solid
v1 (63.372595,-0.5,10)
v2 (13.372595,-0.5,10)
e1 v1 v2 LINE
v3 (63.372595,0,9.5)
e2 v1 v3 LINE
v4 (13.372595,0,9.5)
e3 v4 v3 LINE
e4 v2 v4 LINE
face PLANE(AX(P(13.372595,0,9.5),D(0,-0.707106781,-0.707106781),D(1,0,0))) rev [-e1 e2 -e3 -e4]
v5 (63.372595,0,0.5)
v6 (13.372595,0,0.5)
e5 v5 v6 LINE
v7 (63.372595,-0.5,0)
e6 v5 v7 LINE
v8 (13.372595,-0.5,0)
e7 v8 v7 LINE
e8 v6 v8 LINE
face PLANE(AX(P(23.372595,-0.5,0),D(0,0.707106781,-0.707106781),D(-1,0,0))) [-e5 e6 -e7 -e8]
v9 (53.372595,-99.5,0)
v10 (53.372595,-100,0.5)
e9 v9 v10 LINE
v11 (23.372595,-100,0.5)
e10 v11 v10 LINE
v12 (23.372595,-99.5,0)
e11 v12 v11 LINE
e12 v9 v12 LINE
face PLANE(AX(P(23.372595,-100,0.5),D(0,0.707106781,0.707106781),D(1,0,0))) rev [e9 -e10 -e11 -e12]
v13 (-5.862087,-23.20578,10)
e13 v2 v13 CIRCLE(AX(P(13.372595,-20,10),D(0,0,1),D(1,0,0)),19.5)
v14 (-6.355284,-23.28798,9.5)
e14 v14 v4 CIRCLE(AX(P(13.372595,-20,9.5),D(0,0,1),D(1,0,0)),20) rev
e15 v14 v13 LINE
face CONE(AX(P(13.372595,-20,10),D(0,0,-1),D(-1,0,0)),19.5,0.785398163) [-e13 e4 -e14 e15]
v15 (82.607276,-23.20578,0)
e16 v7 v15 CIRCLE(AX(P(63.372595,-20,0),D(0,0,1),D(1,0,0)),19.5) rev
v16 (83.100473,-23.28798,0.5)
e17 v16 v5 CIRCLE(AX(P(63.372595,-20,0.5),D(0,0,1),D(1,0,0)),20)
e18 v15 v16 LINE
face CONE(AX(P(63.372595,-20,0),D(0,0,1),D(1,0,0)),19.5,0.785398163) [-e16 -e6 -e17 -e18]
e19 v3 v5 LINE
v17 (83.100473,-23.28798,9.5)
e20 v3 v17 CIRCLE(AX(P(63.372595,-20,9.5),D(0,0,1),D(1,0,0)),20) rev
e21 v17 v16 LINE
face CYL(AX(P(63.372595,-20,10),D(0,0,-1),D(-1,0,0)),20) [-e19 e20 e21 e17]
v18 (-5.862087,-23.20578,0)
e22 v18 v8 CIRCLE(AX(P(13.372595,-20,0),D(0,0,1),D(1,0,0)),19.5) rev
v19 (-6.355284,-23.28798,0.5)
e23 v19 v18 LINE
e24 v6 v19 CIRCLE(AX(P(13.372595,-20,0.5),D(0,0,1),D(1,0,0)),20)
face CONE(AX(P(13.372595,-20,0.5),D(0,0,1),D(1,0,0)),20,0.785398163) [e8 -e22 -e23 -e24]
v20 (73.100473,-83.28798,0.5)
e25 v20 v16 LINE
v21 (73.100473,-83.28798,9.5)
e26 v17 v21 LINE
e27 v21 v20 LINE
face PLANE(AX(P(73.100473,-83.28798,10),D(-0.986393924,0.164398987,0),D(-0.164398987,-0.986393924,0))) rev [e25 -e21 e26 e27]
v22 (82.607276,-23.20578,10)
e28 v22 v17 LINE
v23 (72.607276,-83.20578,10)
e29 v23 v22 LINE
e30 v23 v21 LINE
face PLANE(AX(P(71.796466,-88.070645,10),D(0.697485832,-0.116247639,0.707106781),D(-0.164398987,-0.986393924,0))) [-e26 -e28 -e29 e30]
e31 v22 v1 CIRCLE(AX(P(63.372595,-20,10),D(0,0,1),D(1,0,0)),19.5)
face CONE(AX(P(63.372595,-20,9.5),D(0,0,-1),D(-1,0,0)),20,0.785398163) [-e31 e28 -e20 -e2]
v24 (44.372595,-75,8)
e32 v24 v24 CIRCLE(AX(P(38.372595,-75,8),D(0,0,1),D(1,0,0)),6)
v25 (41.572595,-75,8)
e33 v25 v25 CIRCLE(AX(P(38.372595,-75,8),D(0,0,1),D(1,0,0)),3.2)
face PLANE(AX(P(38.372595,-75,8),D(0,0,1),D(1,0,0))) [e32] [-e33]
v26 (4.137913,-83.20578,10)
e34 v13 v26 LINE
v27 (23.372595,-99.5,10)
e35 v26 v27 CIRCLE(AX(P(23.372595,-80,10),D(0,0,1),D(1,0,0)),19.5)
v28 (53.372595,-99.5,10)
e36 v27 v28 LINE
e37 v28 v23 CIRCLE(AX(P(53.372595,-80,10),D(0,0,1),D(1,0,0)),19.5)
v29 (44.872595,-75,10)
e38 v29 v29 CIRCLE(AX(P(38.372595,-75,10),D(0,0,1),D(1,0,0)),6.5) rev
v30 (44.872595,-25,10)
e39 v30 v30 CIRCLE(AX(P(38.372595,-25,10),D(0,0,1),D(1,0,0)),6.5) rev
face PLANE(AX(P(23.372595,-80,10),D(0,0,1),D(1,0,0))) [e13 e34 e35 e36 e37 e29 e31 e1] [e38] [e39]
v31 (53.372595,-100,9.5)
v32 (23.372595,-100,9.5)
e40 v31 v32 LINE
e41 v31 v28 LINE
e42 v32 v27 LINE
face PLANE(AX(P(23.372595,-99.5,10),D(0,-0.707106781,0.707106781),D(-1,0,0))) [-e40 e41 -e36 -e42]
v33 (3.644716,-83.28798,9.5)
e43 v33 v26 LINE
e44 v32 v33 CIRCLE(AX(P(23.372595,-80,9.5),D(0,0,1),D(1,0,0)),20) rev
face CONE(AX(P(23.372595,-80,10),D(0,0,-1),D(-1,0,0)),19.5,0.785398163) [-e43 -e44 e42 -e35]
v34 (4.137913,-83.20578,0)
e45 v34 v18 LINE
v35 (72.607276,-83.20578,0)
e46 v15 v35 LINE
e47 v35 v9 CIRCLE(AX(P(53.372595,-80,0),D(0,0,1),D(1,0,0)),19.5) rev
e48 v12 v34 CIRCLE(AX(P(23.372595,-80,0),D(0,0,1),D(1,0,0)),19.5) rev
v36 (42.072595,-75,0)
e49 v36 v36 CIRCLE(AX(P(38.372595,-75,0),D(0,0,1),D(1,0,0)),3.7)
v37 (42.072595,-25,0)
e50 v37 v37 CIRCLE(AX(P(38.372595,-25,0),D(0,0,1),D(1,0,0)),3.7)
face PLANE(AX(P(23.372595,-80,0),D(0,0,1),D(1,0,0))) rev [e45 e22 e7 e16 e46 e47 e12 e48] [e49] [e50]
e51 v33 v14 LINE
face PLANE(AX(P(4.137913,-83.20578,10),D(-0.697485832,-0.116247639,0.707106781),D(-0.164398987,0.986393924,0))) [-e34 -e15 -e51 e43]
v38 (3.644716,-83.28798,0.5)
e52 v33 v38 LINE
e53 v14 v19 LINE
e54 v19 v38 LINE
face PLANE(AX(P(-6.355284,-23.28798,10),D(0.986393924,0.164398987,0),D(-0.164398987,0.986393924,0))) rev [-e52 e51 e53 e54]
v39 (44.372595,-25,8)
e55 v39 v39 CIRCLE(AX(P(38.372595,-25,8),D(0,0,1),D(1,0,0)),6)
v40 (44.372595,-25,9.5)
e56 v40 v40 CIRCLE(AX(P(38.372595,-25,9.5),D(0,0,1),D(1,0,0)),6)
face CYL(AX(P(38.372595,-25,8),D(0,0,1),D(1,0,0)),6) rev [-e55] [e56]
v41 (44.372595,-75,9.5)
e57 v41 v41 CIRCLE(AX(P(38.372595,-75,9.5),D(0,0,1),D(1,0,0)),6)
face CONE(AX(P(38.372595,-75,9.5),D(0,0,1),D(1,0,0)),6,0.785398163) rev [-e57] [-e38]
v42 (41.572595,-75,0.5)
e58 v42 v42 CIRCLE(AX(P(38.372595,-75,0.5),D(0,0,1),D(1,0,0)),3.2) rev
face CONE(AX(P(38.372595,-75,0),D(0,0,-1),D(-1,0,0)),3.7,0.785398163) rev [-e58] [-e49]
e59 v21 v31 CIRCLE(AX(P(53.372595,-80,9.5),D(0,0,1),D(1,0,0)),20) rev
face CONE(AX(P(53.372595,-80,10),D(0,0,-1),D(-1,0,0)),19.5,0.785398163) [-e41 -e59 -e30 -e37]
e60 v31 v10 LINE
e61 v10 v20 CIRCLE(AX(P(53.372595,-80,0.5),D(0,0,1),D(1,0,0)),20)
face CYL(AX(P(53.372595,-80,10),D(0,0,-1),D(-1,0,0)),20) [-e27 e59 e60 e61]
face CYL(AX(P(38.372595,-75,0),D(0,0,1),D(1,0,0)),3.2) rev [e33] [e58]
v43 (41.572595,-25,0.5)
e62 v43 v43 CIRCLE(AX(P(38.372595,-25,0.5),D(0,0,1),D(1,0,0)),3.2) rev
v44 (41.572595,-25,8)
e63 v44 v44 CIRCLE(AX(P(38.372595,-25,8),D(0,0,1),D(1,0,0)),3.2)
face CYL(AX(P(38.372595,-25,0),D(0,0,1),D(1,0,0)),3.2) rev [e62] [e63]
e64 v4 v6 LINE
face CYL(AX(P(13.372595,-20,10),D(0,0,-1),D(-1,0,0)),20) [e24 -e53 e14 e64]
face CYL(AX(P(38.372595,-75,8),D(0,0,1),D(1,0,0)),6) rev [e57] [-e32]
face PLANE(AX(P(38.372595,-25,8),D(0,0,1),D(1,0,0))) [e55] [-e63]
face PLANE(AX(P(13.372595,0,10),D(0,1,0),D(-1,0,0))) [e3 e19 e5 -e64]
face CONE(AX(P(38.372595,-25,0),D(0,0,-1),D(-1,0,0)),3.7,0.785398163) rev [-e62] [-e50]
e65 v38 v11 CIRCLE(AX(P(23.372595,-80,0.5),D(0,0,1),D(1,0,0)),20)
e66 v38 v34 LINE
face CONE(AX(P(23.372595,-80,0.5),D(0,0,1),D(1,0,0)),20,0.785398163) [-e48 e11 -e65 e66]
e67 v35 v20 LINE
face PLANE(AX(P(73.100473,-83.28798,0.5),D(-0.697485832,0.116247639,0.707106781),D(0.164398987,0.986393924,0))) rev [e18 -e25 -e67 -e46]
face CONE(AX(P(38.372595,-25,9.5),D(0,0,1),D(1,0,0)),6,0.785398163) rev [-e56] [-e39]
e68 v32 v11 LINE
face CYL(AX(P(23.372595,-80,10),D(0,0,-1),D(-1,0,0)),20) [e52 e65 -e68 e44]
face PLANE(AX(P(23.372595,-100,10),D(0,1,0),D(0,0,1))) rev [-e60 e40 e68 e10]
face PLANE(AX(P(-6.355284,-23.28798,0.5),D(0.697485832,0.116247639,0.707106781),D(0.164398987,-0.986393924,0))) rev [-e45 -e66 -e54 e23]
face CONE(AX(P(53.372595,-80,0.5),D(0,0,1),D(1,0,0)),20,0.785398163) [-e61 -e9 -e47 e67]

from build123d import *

# Parameters (mm, degrees)
BOSS_EXTRUDE1_DEPTH = 10
SKETCH4_R           = 6
CUT_EXTRUDE1_DEPTH  = 2
SKETCH5_R           = 3.2
CUT_EXTRUDE2_DEPTH  = 131.441517879
CHAMFER1_SIZE       = 0.5


with BuildPart() as part:
    # Sketch3 → Boss-Extrude1 (new body)
    with BuildSketch(Plane.XY):
        with BuildLine():
            Line((-6.355283539, -23.287979746), (3.644716461, -83.287979746))
            ThreePointArc((3.644716461, -83.287979746), (10.445097015, -95.260399649), (23.372594937, -100))
            Line((23.372594937, -100), (53.372594937, -100))
            ThreePointArc((53.372594937, -100), (66.30009286, -95.260399649), (73.100473414, -83.287979746))
            Line((73.100473414, -83.287979746), (83.100473414, -23.287979746))
            ThreePointArc((83.100473414, -23.287979746), (78.632994587, -7.072502077), (63.372594937, 0))
            Line((63.372594937, 0), (13.372594937, 0))
            ThreePointArc((13.372594937, 0), (-1.887804712, -7.072502077), (-6.355283539, -23.287979746))
        make_face()
    extrude(amount=BOSS_EXTRUDE1_DEPTH)

    # Sketch4 → Cut-Extrude1 (cut)
    with BuildSketch(Plane.XY.offset(10)):
        with Locations((38.372594937, -25)):
            Circle(SKETCH4_R)
        with Locations((38.372594937, -75)):
            Circle(SKETCH4_R)
    extrude(amount=-CUT_EXTRUDE1_DEPTH, mode=Mode.SUBTRACT)

    # Sketch5 → Cut-Extrude2 (cut, through all)
    with BuildSketch(Plane.XY.offset(8)):
        with Locations((38.372594937, -25)):
            Circle(SKETCH5_R)
        with Locations((38.372594937, -75)):
            Circle(SKETCH5_R)
    extrude(amount=-CUT_EXTRUDE2_DEPTH, mode=Mode.SUBTRACT)

    # Chamfer1
    chamfer1_edges = [part.edges().sort_by_distance(p)[0] for p in [
        (66.30009286, -95.260399649, 0),
        (38.372594937, -100, 0),
        (10.445097015, -95.260399649, 0),
        (-1.355283539, -53.287979746, 0),
        (38.372594937, -100, 10),
        (66.30009286, -95.260399649, 10),
        (78.100473414, -53.287979746, 10),
        (78.632994587, -7.072502077, 10),
        (32.372594937, -25, 10),
        (32.372594937, -75, 10),
        (38.372594937, 0, 10),
        (-1.887804712, -7.072502077, 10),
        (35.172594937, -25, 0),
        (35.172594937, -75, 0),
        (-1.355283539, -53.287979746, 10),
        (-1.887804712, -7.072502077, 0),
        (10.445097015, -95.260399649, 10),
        (38.372594937, 0, 0),
        (78.632994587, -7.072502077, 0),
        (78.100473414, -53.287979746, 0),
    ]]
    chamfer(chamfer1_edges, length=CHAMFER1_SIZE)


solid = part.part
